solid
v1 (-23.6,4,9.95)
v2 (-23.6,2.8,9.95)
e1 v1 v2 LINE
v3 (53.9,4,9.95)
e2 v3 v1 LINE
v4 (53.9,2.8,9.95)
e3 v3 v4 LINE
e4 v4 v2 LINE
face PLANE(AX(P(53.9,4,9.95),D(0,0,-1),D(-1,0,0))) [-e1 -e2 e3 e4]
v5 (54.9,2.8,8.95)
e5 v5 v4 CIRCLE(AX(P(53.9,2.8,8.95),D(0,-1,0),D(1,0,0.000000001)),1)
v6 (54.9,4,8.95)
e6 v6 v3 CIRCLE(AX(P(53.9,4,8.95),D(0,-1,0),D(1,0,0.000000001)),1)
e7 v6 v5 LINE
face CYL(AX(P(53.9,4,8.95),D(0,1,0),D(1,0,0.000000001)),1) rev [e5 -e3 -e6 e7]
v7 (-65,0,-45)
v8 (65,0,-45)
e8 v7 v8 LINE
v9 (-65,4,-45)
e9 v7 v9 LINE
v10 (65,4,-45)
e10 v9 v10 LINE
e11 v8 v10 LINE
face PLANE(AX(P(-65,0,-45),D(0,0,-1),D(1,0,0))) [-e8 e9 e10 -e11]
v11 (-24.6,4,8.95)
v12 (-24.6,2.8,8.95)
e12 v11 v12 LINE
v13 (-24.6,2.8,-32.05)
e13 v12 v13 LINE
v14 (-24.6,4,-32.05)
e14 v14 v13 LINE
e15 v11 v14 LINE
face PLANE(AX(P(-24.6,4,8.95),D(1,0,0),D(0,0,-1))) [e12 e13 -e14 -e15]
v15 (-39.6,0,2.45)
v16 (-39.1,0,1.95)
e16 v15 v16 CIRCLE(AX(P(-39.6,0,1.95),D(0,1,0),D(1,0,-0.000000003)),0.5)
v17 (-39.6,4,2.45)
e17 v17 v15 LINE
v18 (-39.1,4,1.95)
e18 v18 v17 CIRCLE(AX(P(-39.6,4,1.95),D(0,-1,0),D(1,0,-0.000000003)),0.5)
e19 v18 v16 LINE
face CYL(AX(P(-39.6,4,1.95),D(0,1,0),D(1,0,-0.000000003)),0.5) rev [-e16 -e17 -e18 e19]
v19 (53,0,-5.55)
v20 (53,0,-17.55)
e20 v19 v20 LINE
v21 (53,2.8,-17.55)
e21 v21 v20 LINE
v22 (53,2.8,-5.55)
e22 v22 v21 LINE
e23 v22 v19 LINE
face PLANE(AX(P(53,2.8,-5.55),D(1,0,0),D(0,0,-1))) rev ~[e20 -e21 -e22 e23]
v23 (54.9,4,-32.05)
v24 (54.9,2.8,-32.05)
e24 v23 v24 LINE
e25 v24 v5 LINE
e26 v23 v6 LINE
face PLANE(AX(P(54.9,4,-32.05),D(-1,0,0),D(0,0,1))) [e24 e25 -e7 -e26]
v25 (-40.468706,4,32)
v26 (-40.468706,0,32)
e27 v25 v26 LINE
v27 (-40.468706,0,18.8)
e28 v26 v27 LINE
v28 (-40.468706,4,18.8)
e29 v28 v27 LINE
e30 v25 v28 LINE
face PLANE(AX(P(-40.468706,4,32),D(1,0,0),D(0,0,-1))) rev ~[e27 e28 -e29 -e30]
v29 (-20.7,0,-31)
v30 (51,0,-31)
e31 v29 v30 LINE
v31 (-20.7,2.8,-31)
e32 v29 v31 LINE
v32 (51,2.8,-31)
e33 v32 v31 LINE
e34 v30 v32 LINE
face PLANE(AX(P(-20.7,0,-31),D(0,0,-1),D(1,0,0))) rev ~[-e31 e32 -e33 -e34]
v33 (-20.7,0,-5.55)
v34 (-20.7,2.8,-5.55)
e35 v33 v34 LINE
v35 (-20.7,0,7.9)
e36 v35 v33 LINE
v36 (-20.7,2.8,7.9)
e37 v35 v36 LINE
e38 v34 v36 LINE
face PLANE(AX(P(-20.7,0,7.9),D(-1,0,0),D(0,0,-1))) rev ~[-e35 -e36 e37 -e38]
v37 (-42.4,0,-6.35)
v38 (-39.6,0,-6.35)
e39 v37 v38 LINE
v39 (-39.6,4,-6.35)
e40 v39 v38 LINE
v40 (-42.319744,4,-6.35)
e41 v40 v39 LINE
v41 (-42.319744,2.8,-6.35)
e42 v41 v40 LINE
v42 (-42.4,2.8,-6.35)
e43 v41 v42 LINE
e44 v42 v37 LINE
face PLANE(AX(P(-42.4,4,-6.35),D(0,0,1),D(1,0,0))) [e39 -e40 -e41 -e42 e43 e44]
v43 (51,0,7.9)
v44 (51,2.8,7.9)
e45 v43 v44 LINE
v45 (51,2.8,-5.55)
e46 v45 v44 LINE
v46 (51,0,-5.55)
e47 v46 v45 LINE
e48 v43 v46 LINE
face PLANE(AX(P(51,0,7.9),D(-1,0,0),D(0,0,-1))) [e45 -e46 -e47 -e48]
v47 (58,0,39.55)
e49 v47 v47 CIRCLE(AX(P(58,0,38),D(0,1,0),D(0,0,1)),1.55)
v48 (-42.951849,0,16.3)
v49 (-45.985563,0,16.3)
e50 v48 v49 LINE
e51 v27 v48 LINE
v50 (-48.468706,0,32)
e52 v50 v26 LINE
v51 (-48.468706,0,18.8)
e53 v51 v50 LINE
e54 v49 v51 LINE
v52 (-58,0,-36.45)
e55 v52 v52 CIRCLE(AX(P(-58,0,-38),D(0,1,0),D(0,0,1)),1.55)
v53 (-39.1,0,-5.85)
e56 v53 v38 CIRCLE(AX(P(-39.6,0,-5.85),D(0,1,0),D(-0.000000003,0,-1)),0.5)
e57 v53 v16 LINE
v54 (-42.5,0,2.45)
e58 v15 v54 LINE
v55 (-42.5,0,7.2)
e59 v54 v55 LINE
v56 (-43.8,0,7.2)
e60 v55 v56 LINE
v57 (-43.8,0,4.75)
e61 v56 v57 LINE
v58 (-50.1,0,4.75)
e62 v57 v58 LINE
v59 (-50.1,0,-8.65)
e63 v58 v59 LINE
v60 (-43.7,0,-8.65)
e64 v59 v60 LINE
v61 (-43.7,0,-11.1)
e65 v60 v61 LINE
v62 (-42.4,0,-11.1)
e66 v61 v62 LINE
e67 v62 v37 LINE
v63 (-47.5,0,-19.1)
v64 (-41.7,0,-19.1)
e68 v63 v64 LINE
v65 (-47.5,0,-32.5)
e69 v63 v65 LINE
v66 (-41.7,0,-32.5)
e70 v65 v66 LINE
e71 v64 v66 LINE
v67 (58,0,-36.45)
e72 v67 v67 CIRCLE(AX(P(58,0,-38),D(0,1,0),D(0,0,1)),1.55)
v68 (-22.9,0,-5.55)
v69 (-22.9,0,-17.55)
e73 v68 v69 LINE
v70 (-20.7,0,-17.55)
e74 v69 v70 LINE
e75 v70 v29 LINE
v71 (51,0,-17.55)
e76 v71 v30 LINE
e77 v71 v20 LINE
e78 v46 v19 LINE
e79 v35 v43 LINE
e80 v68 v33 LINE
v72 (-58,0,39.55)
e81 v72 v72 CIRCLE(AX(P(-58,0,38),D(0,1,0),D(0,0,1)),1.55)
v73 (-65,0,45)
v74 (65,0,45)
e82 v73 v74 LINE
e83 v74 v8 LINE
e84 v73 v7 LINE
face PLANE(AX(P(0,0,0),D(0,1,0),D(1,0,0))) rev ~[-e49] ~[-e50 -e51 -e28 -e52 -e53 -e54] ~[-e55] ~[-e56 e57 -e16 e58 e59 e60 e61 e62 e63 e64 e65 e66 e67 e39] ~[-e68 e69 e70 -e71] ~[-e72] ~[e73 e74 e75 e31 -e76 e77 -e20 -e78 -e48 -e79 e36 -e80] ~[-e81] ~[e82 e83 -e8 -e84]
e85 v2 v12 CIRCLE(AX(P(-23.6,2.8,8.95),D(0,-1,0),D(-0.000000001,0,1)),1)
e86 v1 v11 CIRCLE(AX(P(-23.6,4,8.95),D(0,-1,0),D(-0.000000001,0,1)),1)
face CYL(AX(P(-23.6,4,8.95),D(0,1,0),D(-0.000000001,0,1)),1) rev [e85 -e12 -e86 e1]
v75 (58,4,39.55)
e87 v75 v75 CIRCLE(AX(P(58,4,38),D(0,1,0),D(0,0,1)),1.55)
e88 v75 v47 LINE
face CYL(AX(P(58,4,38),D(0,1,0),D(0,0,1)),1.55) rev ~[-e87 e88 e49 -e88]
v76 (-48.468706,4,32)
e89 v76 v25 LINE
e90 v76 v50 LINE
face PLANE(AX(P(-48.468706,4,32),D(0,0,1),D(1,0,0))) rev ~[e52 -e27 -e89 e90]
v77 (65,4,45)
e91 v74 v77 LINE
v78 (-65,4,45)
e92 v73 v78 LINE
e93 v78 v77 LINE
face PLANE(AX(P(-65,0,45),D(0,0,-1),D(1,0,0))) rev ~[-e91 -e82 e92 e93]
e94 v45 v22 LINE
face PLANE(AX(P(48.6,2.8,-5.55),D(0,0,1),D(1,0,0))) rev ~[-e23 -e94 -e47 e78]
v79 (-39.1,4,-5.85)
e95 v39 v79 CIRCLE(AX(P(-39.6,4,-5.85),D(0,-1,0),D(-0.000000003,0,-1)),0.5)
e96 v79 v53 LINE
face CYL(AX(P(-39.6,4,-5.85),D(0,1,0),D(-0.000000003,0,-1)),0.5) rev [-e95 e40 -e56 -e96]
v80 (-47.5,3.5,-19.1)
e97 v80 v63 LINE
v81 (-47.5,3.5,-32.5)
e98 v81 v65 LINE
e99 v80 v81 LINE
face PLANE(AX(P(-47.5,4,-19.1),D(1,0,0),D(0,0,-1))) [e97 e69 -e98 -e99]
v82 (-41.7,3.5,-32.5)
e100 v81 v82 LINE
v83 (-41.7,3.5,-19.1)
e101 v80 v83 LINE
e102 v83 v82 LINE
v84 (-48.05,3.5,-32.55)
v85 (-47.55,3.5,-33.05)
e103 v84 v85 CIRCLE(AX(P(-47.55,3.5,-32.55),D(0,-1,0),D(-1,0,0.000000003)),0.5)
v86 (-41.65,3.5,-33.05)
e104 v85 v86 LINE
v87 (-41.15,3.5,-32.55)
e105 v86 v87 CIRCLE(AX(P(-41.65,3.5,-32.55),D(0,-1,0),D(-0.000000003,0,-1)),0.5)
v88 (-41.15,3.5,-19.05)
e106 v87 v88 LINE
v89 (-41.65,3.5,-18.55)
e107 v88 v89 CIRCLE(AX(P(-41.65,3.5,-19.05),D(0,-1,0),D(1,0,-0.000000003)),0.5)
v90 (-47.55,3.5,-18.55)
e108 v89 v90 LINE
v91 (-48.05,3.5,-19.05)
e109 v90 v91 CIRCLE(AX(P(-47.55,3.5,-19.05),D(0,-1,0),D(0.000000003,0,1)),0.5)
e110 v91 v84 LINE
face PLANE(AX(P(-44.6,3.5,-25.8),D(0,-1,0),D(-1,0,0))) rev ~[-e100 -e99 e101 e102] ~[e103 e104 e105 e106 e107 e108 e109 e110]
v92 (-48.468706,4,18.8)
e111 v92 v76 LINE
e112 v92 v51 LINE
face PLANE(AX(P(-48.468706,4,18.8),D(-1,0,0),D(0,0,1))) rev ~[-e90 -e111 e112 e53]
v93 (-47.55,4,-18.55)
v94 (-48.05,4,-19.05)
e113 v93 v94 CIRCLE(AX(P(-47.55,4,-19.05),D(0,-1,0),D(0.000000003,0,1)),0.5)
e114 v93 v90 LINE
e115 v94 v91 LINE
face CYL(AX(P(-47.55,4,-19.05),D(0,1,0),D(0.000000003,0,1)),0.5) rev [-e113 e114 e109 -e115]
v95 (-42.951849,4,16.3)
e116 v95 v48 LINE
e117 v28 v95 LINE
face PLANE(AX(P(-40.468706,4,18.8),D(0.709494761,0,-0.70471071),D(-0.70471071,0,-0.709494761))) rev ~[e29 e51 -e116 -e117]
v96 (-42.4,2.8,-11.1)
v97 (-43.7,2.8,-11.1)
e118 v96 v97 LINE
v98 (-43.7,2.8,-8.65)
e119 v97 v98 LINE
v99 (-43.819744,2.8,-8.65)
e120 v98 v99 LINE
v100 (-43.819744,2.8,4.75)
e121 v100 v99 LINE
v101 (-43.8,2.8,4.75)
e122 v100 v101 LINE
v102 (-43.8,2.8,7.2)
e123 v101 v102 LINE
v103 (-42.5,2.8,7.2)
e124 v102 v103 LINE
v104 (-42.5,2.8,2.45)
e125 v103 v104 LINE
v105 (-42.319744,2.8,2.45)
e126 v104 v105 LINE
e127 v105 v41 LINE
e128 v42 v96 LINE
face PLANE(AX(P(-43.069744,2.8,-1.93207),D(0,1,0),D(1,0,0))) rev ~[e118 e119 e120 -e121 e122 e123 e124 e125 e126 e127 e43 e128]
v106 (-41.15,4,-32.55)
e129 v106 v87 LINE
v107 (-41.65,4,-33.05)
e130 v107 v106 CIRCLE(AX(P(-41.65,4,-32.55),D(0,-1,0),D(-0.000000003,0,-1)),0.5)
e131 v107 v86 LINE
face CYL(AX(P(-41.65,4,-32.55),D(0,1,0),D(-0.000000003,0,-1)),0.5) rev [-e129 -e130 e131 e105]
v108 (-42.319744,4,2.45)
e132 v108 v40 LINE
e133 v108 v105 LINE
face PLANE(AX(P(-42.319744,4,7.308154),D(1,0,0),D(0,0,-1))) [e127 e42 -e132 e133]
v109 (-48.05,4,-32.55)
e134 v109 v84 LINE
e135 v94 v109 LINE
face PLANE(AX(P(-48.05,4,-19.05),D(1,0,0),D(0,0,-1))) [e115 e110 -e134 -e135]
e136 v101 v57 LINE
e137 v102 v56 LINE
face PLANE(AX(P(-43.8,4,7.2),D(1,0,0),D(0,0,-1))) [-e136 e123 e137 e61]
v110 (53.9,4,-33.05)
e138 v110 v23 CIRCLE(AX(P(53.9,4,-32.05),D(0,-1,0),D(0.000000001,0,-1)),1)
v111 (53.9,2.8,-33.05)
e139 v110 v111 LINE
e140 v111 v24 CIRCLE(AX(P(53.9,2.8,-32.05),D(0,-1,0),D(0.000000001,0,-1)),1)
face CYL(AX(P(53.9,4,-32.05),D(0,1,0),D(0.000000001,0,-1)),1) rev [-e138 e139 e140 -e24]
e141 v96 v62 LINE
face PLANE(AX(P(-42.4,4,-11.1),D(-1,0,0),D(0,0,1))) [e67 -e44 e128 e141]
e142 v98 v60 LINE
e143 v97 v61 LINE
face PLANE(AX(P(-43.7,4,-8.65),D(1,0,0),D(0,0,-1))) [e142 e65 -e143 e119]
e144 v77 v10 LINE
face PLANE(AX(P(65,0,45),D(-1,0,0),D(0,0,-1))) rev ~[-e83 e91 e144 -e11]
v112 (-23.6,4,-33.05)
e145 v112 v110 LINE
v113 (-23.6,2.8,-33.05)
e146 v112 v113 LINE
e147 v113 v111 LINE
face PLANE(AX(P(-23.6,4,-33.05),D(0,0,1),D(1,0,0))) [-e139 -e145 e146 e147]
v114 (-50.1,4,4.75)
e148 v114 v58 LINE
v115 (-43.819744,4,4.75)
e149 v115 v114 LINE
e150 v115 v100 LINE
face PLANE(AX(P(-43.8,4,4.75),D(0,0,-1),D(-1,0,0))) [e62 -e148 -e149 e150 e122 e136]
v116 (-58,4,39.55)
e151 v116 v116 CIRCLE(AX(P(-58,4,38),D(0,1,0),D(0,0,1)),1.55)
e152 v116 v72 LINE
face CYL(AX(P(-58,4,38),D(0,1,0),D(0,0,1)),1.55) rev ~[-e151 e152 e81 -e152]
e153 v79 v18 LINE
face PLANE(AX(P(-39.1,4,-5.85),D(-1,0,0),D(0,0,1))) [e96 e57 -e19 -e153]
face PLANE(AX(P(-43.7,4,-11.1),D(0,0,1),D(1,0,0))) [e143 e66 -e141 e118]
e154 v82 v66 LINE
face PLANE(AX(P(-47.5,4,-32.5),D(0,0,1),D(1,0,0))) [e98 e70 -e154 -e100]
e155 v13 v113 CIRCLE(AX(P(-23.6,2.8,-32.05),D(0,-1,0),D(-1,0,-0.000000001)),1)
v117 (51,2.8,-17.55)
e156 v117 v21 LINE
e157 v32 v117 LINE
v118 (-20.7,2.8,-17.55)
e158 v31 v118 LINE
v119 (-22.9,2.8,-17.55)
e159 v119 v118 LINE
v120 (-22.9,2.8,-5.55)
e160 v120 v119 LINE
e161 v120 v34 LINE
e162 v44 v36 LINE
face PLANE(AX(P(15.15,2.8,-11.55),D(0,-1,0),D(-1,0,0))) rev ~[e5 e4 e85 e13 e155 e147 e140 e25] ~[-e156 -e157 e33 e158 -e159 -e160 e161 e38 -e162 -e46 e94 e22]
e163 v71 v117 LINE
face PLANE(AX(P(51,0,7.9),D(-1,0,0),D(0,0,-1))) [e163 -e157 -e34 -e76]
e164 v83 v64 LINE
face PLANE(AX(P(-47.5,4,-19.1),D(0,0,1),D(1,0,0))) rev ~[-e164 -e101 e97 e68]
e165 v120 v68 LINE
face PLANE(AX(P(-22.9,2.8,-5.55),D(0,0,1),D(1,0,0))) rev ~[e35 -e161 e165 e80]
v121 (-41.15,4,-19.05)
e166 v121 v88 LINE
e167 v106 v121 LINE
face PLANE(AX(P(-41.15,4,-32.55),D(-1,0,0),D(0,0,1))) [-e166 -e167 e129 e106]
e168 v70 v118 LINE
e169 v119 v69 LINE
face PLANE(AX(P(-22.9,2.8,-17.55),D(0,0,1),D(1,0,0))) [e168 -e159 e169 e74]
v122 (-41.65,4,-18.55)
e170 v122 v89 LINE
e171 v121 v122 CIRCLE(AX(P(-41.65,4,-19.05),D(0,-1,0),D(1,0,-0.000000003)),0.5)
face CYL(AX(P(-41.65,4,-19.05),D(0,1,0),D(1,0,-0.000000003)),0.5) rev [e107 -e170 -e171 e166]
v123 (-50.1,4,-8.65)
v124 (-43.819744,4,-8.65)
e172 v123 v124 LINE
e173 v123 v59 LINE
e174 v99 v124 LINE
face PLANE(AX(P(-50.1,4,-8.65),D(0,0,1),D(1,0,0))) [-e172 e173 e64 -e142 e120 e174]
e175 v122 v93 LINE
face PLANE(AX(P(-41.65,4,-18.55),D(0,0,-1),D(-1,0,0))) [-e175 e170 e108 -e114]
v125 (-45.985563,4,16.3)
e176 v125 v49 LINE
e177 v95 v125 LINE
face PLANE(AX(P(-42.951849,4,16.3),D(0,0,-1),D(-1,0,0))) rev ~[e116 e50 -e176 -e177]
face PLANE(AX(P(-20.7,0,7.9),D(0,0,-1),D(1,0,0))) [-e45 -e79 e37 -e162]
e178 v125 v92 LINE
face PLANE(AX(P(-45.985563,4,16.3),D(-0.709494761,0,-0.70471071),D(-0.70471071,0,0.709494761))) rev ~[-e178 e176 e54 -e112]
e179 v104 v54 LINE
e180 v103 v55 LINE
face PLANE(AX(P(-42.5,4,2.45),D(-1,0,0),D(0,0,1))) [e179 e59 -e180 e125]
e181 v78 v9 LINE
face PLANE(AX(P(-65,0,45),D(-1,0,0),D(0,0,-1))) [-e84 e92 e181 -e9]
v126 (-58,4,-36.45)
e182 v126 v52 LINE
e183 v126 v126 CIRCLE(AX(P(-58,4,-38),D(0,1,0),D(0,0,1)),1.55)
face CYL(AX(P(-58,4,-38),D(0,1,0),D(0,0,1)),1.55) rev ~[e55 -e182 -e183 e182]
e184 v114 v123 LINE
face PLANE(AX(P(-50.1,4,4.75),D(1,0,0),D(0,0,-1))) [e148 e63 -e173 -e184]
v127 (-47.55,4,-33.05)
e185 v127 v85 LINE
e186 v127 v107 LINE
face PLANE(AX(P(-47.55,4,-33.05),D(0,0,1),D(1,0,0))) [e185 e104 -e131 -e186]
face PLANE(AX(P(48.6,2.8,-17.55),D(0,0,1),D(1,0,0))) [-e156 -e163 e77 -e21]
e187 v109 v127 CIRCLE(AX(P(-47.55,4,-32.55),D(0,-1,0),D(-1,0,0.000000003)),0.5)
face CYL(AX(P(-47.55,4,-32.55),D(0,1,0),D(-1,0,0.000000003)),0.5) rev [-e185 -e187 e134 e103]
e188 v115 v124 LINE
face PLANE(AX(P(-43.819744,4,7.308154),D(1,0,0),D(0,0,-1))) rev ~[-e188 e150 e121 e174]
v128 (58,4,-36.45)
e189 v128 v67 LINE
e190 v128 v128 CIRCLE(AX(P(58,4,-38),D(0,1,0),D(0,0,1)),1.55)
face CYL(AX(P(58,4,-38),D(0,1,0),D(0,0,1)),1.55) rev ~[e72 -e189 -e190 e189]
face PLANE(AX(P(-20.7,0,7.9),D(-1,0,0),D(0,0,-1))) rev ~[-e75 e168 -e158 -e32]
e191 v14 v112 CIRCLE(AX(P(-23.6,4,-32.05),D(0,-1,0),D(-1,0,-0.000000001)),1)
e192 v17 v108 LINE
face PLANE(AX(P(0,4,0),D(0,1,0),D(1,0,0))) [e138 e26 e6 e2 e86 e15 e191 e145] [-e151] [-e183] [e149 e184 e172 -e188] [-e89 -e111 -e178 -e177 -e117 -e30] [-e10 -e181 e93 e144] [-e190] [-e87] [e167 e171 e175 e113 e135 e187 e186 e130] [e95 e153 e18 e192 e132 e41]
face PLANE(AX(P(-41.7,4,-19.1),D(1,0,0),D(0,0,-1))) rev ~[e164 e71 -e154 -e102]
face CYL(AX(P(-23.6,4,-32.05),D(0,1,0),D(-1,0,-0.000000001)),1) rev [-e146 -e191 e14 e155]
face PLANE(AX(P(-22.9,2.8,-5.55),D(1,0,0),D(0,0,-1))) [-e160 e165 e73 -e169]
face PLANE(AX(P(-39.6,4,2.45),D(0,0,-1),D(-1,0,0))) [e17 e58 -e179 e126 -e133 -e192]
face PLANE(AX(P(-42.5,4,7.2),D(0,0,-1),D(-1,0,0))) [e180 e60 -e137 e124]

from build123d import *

# Parameters (mm, degrees)
SKETCH_1_W             = 130
SKETCH_1_H             = 90
SKETCH_1_W_2           = 71.7
SKETCH_1_H_2           = 38.9
EXTRUDE_399_DEPTH      = 4
CUT_EXTRUDE_706_DEPTH  = 1.2
SKETCH_3_W             = 5.8
SKETCH_3_H             = 13.4
USB_DEPTH              = 80.158069709
SKETCH_4_W             = 4.4
SKETCH_4_H             = 12
CUT_EXTRUDE_1602_DEPTH = 80.106510478
USB_2_DEPTH            = 0.5
SKETCH_8_W             = 1.5
SKETCH_8_H             = 18.480447519
USB_3_DEPTH            = 1.2
XT60_DEPTH             = 80.158069709
SKETCH_9_R             = 1.55
CUT_EXTRUDE_6_DEPTH    = 80.158069709


with BuildPart() as part:
    # Эскиз1 → Extrude 399 (new body)
    with BuildSketch(Plane(origin=(0, 0, 0), x_dir=(1, 0, 0), z_dir=(0, 1, 0))):
        Rectangle(SKETCH_1_W, SKETCH_1_H)
        with Locations((15.15, 11.55)):
            Rectangle(SKETCH_1_W_2, SKETCH_1_H_2, mode=Mode.SUBTRACT)
    extrude(amount=EXTRUDE_399_DEPTH)

    # Эскиз2 → Cut-Extrude 706 (cut)
    with BuildSketch(Plane(origin=(0, 4, 0), x_dir=(1, 0, 0), z_dir=(0, 1, 0))):
        with BuildLine():
            Line((-23.6, 33.05), (53.9, 33.05))
            ThreePointArc((53.9, 33.05), (54.607106781, 32.757106781), (54.9, 32.05))
            Line((54.9, 32.05), (54.9, -8.95))
            ThreePointArc((54.9, -8.95), (54.607106781, -9.657106781), (53.9, -9.95))
            Line((53.9, -9.95), (-23.6, -9.95))
            ThreePointArc((-23.6, -9.95), (-24.307106781, -9.657106781), (-24.6, -8.95))
            Line((-24.6, -8.95), (-24.6, 32.05))
            ThreePointArc((-24.6, 32.05), (-24.307106781, 32.757106781), (-23.6, 33.05))
        make_face()
    extrude(amount=-CUT_EXTRUDE_706_DEPTH, mode=Mode.SUBTRACT)

    # Эскиз3 → USB (cut, through all)
    with BuildSketch(Plane(origin=(0, 4, 0), x_dir=(1, 0, 0), z_dir=(0, 1, 0))):
        with BuildLine():
            Line((-50.1, -4.75), (-50.1, 8.65))
            Line((-50.1, 8.65), (-43.7, 8.65))
            Line((-43.7, 8.65), (-43.7, 11.1))
            Line((-43.7, 11.1), (-42.4, 11.1))
            Line((-42.4, 11.1), (-42.4, 6.35))
            Line((-42.4, 6.35), (-39.6, 6.35))
            ThreePointArc((-39.6, 6.35), (-39.246446609, 6.203553391), (-39.1, 5.85))
            Line((-39.1, 5.85), (-39.1, -1.95))
            ThreePointArc((-39.1, -1.95), (-39.246446609, -2.303553391), (-39.6, -2.45))
            Line((-39.6, -2.45), (-42.5, -2.45))
            Line((-42.5, -2.45), (-42.5, -7.2))
            Line((-42.5, -7.2), (-43.8, -7.2))
            Line((-43.8, -7.2), (-43.8, -4.75))
            Line((-43.8, -4.75), (-50.1, -4.75))
        make_face()
        with Locations((-44.6, 25.8)):
            Rectangle(SKETCH_3_W, SKETCH_3_H)
    extrude(amount=-USB_DEPTH, mode=Mode.SUBTRACT)

    # Эскиз4 → Cut-Extrude 1602 (cut, through all)
    with BuildSketch(Plane(origin=(0, 2.8, 0), x_dir=(1, 0, 0), z_dir=(0, 1, 0))):
        with Locations((-20.7, 11.55)):
            Rectangle(SKETCH_4_W, SKETCH_4_H)
        with Locations((50.8, 11.55)):
            Rectangle(SKETCH_4_W, SKETCH_4_H)
    extrude(amount=-CUT_EXTRUDE_1602_DEPTH, mode=Mode.SUBTRACT)

    # Эскиз7 → USB 2 (cut)
    with BuildSketch(Plane(origin=(0, 4, 0), x_dir=(1, 0, 0), z_dir=(0, 1, 0))):
        with BuildLine():
            Line((-47.55, 33.05), (-41.65, 33.05))
            ThreePointArc((-41.65, 33.05), (-41.296446609, 32.903553391), (-41.15, 32.55))
            Line((-41.15, 32.55), (-41.15, 19.05))
            ThreePointArc((-41.15, 19.05), (-41.296446609, 18.696446609), (-41.65, 18.55))
            Line((-41.65, 18.55), (-47.55, 18.55))
            ThreePointArc((-47.55, 18.55), (-47.903553391, 18.696446609), (-48.05, 19.05))
            Line((-48.05, 19.05), (-48.05, 32.55))
            ThreePointArc((-48.05, 32.55), (-47.903553391, 32.903553391), (-47.55, 33.05))
        make_face()
    extrude(amount=-USB_2_DEPTH, mode=Mode.SUBTRACT)

    # Эскиз8 → USB 3 (add)
    with BuildSketch(Plane(origin=(0, 4, 0), x_dir=(1, 0, 0), z_dir=(0, 1, 0))):
        with Locations((-43.069744148, 1.932070249)):
            Rectangle(SKETCH_8_W, SKETCH_8_H)
    extrude(amount=-USB_3_DEPTH)

    # Эскиз5 → XT60 (cut, through all)
    with BuildSketch(Plane(origin=(0, 4, 0), x_dir=(1, 0, 0), z_dir=(0, 1, 0))):
        Polygon((-48.468705951, -32), (-40.468705951, -32), (-40.468705951, -18.8), (-42.951848706, -16.3), (-45.985563195, -16.3), (-48.468705951, -18.8), align=None)
    extrude(amount=-XT60_DEPTH, mode=Mode.SUBTRACT)

    # Эскиз9 → Вырез-Вытянуть6 (cut, through all)
    with BuildSketch(Plane(origin=(0, 4, 0), x_dir=(1, 0, 0), z_dir=(0, 1, 0))):
        with Locations(Location((-58, 38, 0), (0, 0, 270))):
            Circle(SKETCH_9_R)
        with Locations(Location((58, 38, 0), (0, 0, 270))):
            Circle(SKETCH_9_R)
        with Locations(Location((-58, -38, 0), (0, 0, 270))):
            Circle(SKETCH_9_R)
        with Locations(Location((58, -38, 0), (0, 0, 270))):
            Circle(SKETCH_9_R)
    extrude(amount=-CUT_EXTRUDE_6_DEPTH, mode=Mode.SUBTRACT)


solid = part.part
